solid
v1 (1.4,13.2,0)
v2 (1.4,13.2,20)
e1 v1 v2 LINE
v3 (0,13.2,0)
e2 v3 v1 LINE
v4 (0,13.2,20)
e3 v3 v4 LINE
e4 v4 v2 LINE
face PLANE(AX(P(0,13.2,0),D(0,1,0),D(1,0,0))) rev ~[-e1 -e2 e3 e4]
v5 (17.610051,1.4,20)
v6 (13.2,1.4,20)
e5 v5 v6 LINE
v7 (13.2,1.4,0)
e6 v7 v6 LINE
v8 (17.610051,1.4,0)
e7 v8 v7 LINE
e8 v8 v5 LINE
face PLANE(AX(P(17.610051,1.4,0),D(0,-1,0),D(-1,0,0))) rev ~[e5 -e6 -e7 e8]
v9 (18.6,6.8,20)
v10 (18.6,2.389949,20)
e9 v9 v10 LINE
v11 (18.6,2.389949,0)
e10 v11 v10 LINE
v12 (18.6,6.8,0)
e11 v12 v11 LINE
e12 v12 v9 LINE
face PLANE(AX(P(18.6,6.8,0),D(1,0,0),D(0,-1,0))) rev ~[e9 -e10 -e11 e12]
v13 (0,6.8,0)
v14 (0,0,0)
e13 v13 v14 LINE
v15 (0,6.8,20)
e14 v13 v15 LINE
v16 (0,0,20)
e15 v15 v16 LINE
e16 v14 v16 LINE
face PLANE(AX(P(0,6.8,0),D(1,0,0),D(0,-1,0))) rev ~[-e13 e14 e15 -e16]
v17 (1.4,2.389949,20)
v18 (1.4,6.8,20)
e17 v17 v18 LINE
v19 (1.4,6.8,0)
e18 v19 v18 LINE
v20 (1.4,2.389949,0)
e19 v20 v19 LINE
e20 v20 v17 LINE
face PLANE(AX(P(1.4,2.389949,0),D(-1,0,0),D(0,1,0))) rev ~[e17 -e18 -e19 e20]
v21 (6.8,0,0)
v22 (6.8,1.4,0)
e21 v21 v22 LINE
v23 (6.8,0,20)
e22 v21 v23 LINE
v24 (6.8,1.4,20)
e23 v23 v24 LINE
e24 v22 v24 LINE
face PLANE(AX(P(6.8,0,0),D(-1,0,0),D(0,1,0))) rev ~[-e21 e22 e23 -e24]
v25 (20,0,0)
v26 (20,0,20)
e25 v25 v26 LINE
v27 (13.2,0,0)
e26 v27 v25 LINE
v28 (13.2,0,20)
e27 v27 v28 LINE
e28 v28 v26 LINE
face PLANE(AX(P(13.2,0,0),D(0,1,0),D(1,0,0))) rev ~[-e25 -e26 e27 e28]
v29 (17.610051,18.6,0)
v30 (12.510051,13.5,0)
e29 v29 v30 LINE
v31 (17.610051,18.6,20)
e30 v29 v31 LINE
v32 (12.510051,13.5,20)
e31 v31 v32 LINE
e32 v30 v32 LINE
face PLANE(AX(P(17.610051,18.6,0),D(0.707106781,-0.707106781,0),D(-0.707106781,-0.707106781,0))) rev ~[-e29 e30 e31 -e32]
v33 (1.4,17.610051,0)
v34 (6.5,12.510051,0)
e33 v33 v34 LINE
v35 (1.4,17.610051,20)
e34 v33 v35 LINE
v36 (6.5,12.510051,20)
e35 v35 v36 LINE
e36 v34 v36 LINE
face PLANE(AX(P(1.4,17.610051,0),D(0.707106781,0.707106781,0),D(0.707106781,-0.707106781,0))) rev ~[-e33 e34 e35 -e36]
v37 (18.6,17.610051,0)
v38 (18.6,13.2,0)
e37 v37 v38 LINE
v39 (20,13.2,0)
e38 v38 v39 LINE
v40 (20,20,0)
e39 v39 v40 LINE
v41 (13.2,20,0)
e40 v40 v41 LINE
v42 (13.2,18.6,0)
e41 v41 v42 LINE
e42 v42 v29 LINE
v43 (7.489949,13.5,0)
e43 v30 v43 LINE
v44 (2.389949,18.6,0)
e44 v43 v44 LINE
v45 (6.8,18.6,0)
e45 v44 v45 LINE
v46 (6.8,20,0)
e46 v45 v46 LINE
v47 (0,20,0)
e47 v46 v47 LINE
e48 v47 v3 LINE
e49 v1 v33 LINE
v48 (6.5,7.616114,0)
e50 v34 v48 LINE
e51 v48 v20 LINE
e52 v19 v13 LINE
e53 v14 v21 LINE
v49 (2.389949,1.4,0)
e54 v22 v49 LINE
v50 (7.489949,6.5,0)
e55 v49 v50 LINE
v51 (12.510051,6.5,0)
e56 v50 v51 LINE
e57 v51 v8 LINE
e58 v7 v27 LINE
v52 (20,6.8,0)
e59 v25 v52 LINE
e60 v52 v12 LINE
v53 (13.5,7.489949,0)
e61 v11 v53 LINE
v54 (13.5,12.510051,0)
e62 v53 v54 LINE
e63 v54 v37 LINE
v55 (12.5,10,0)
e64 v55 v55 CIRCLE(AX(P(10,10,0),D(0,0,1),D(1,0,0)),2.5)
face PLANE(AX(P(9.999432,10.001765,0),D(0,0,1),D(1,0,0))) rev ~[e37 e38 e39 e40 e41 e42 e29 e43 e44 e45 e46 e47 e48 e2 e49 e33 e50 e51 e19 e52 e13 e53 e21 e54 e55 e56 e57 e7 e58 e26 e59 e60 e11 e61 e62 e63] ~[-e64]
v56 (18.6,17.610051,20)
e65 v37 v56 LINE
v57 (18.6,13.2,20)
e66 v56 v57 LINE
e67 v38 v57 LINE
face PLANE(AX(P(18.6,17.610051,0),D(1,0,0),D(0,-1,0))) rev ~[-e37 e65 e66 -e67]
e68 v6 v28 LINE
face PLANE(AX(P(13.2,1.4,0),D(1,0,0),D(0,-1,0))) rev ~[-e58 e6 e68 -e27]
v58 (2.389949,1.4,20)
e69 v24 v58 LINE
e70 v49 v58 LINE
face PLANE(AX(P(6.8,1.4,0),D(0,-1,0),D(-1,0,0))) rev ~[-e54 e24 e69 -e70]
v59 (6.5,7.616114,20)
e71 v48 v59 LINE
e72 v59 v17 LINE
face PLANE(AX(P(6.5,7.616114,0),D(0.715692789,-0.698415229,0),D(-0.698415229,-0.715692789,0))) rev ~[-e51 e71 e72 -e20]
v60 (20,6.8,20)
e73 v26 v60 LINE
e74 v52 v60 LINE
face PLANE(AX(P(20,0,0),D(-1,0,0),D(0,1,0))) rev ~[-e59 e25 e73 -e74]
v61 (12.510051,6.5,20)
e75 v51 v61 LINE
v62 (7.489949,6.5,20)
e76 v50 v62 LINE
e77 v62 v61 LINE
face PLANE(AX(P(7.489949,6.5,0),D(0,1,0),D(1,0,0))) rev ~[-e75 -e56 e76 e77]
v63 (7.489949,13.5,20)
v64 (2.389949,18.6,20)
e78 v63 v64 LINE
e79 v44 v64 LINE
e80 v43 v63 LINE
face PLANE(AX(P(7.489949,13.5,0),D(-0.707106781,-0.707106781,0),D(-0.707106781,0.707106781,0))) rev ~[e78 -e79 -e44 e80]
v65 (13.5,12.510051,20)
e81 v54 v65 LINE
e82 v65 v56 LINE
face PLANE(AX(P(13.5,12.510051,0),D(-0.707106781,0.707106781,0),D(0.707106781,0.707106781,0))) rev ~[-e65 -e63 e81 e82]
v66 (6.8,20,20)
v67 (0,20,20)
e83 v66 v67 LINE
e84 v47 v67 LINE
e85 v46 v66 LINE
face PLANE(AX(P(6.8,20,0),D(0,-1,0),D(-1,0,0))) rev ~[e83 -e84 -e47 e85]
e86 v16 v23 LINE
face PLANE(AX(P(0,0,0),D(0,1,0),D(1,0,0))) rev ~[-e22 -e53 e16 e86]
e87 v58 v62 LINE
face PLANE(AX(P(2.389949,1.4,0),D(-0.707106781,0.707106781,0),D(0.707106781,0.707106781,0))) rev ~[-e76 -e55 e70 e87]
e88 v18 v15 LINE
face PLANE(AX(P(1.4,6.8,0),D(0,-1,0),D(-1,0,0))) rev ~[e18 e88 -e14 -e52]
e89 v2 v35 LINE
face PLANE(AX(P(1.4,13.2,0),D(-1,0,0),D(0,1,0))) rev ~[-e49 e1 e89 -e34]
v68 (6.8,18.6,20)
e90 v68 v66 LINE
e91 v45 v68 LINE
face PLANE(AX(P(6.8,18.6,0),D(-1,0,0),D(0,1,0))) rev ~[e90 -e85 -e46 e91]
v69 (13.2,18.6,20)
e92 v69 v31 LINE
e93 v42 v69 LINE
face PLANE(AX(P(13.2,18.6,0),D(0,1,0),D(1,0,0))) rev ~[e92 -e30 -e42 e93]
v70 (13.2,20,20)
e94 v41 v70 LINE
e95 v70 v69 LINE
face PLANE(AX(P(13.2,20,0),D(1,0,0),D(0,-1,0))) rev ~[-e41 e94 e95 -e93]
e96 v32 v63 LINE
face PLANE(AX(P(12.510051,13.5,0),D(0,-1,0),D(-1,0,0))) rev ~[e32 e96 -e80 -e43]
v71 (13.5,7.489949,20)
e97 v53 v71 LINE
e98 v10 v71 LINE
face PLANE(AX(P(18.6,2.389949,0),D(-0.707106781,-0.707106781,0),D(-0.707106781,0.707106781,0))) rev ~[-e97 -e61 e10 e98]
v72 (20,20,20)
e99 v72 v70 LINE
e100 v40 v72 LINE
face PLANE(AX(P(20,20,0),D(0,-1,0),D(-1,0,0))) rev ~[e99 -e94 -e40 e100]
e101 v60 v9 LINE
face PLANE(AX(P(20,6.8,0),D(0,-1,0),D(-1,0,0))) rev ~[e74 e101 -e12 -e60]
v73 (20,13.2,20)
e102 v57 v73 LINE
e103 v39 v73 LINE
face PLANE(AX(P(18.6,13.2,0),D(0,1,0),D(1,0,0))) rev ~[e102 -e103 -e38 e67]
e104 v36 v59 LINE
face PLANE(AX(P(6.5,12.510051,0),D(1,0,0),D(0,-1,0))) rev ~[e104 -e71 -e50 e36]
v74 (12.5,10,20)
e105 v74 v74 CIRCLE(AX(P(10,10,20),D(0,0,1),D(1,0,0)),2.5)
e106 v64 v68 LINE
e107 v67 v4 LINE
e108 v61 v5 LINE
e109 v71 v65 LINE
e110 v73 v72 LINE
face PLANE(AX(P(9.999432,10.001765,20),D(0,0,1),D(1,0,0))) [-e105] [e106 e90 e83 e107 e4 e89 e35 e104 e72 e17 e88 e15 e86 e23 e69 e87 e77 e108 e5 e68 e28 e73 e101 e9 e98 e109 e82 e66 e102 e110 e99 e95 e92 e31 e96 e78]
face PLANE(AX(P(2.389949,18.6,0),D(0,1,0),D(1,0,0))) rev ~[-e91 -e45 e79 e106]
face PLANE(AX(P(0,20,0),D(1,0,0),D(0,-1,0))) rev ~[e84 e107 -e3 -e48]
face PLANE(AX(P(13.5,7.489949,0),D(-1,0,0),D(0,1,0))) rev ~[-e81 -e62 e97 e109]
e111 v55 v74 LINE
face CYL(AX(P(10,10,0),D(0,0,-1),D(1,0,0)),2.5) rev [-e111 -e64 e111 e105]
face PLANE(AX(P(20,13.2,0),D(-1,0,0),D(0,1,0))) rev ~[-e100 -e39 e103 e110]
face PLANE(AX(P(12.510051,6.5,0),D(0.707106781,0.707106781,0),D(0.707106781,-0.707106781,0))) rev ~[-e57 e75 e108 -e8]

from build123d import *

# Parameters (mm, degrees)
F0_R     = 2.5
F1_DEPTH = 20


with BuildPart() as f1:
    # F0 (on Top) → F1 (new body)
    with BuildSketch(Plane.XY):
        Polygon((6.5, 7.616114), (1.4, 2.389949), (1.4, 6.8), (0, 6.8), (0, 0), (6.8, 0), (6.8, 1.4), (2.389949, 1.4), (7.489949, 6.5), (12.510051, 6.5), (17.610051, 1.4), (13.2, 1.4), (13.2, 0), (20, 0), (20, 6.8), (18.6, 6.8), (18.6, 2.389949), (13.5, 7.489949), (13.5, 12.510051), (18.6, 17.610051), (18.6, 13.2), (20, 13.2), (20, 20), (13.2, 20), (13.2, 18.6), (17.610051, 18.6), (12.510051, 13.5), (7.489949, 13.5), (2.389949, 18.6), (6.8, 18.6), (6.8, 20), (0, 20), (0, 13.2), (1.4, 13.2), (1.4, 17.610051), (6.5, 12.510051), align=None)
        with Locations((10, 10)):
            Circle(F0_R, mode=Mode.SUBTRACT)
    extrude(amount=F1_DEPTH)


solid = f1.part
